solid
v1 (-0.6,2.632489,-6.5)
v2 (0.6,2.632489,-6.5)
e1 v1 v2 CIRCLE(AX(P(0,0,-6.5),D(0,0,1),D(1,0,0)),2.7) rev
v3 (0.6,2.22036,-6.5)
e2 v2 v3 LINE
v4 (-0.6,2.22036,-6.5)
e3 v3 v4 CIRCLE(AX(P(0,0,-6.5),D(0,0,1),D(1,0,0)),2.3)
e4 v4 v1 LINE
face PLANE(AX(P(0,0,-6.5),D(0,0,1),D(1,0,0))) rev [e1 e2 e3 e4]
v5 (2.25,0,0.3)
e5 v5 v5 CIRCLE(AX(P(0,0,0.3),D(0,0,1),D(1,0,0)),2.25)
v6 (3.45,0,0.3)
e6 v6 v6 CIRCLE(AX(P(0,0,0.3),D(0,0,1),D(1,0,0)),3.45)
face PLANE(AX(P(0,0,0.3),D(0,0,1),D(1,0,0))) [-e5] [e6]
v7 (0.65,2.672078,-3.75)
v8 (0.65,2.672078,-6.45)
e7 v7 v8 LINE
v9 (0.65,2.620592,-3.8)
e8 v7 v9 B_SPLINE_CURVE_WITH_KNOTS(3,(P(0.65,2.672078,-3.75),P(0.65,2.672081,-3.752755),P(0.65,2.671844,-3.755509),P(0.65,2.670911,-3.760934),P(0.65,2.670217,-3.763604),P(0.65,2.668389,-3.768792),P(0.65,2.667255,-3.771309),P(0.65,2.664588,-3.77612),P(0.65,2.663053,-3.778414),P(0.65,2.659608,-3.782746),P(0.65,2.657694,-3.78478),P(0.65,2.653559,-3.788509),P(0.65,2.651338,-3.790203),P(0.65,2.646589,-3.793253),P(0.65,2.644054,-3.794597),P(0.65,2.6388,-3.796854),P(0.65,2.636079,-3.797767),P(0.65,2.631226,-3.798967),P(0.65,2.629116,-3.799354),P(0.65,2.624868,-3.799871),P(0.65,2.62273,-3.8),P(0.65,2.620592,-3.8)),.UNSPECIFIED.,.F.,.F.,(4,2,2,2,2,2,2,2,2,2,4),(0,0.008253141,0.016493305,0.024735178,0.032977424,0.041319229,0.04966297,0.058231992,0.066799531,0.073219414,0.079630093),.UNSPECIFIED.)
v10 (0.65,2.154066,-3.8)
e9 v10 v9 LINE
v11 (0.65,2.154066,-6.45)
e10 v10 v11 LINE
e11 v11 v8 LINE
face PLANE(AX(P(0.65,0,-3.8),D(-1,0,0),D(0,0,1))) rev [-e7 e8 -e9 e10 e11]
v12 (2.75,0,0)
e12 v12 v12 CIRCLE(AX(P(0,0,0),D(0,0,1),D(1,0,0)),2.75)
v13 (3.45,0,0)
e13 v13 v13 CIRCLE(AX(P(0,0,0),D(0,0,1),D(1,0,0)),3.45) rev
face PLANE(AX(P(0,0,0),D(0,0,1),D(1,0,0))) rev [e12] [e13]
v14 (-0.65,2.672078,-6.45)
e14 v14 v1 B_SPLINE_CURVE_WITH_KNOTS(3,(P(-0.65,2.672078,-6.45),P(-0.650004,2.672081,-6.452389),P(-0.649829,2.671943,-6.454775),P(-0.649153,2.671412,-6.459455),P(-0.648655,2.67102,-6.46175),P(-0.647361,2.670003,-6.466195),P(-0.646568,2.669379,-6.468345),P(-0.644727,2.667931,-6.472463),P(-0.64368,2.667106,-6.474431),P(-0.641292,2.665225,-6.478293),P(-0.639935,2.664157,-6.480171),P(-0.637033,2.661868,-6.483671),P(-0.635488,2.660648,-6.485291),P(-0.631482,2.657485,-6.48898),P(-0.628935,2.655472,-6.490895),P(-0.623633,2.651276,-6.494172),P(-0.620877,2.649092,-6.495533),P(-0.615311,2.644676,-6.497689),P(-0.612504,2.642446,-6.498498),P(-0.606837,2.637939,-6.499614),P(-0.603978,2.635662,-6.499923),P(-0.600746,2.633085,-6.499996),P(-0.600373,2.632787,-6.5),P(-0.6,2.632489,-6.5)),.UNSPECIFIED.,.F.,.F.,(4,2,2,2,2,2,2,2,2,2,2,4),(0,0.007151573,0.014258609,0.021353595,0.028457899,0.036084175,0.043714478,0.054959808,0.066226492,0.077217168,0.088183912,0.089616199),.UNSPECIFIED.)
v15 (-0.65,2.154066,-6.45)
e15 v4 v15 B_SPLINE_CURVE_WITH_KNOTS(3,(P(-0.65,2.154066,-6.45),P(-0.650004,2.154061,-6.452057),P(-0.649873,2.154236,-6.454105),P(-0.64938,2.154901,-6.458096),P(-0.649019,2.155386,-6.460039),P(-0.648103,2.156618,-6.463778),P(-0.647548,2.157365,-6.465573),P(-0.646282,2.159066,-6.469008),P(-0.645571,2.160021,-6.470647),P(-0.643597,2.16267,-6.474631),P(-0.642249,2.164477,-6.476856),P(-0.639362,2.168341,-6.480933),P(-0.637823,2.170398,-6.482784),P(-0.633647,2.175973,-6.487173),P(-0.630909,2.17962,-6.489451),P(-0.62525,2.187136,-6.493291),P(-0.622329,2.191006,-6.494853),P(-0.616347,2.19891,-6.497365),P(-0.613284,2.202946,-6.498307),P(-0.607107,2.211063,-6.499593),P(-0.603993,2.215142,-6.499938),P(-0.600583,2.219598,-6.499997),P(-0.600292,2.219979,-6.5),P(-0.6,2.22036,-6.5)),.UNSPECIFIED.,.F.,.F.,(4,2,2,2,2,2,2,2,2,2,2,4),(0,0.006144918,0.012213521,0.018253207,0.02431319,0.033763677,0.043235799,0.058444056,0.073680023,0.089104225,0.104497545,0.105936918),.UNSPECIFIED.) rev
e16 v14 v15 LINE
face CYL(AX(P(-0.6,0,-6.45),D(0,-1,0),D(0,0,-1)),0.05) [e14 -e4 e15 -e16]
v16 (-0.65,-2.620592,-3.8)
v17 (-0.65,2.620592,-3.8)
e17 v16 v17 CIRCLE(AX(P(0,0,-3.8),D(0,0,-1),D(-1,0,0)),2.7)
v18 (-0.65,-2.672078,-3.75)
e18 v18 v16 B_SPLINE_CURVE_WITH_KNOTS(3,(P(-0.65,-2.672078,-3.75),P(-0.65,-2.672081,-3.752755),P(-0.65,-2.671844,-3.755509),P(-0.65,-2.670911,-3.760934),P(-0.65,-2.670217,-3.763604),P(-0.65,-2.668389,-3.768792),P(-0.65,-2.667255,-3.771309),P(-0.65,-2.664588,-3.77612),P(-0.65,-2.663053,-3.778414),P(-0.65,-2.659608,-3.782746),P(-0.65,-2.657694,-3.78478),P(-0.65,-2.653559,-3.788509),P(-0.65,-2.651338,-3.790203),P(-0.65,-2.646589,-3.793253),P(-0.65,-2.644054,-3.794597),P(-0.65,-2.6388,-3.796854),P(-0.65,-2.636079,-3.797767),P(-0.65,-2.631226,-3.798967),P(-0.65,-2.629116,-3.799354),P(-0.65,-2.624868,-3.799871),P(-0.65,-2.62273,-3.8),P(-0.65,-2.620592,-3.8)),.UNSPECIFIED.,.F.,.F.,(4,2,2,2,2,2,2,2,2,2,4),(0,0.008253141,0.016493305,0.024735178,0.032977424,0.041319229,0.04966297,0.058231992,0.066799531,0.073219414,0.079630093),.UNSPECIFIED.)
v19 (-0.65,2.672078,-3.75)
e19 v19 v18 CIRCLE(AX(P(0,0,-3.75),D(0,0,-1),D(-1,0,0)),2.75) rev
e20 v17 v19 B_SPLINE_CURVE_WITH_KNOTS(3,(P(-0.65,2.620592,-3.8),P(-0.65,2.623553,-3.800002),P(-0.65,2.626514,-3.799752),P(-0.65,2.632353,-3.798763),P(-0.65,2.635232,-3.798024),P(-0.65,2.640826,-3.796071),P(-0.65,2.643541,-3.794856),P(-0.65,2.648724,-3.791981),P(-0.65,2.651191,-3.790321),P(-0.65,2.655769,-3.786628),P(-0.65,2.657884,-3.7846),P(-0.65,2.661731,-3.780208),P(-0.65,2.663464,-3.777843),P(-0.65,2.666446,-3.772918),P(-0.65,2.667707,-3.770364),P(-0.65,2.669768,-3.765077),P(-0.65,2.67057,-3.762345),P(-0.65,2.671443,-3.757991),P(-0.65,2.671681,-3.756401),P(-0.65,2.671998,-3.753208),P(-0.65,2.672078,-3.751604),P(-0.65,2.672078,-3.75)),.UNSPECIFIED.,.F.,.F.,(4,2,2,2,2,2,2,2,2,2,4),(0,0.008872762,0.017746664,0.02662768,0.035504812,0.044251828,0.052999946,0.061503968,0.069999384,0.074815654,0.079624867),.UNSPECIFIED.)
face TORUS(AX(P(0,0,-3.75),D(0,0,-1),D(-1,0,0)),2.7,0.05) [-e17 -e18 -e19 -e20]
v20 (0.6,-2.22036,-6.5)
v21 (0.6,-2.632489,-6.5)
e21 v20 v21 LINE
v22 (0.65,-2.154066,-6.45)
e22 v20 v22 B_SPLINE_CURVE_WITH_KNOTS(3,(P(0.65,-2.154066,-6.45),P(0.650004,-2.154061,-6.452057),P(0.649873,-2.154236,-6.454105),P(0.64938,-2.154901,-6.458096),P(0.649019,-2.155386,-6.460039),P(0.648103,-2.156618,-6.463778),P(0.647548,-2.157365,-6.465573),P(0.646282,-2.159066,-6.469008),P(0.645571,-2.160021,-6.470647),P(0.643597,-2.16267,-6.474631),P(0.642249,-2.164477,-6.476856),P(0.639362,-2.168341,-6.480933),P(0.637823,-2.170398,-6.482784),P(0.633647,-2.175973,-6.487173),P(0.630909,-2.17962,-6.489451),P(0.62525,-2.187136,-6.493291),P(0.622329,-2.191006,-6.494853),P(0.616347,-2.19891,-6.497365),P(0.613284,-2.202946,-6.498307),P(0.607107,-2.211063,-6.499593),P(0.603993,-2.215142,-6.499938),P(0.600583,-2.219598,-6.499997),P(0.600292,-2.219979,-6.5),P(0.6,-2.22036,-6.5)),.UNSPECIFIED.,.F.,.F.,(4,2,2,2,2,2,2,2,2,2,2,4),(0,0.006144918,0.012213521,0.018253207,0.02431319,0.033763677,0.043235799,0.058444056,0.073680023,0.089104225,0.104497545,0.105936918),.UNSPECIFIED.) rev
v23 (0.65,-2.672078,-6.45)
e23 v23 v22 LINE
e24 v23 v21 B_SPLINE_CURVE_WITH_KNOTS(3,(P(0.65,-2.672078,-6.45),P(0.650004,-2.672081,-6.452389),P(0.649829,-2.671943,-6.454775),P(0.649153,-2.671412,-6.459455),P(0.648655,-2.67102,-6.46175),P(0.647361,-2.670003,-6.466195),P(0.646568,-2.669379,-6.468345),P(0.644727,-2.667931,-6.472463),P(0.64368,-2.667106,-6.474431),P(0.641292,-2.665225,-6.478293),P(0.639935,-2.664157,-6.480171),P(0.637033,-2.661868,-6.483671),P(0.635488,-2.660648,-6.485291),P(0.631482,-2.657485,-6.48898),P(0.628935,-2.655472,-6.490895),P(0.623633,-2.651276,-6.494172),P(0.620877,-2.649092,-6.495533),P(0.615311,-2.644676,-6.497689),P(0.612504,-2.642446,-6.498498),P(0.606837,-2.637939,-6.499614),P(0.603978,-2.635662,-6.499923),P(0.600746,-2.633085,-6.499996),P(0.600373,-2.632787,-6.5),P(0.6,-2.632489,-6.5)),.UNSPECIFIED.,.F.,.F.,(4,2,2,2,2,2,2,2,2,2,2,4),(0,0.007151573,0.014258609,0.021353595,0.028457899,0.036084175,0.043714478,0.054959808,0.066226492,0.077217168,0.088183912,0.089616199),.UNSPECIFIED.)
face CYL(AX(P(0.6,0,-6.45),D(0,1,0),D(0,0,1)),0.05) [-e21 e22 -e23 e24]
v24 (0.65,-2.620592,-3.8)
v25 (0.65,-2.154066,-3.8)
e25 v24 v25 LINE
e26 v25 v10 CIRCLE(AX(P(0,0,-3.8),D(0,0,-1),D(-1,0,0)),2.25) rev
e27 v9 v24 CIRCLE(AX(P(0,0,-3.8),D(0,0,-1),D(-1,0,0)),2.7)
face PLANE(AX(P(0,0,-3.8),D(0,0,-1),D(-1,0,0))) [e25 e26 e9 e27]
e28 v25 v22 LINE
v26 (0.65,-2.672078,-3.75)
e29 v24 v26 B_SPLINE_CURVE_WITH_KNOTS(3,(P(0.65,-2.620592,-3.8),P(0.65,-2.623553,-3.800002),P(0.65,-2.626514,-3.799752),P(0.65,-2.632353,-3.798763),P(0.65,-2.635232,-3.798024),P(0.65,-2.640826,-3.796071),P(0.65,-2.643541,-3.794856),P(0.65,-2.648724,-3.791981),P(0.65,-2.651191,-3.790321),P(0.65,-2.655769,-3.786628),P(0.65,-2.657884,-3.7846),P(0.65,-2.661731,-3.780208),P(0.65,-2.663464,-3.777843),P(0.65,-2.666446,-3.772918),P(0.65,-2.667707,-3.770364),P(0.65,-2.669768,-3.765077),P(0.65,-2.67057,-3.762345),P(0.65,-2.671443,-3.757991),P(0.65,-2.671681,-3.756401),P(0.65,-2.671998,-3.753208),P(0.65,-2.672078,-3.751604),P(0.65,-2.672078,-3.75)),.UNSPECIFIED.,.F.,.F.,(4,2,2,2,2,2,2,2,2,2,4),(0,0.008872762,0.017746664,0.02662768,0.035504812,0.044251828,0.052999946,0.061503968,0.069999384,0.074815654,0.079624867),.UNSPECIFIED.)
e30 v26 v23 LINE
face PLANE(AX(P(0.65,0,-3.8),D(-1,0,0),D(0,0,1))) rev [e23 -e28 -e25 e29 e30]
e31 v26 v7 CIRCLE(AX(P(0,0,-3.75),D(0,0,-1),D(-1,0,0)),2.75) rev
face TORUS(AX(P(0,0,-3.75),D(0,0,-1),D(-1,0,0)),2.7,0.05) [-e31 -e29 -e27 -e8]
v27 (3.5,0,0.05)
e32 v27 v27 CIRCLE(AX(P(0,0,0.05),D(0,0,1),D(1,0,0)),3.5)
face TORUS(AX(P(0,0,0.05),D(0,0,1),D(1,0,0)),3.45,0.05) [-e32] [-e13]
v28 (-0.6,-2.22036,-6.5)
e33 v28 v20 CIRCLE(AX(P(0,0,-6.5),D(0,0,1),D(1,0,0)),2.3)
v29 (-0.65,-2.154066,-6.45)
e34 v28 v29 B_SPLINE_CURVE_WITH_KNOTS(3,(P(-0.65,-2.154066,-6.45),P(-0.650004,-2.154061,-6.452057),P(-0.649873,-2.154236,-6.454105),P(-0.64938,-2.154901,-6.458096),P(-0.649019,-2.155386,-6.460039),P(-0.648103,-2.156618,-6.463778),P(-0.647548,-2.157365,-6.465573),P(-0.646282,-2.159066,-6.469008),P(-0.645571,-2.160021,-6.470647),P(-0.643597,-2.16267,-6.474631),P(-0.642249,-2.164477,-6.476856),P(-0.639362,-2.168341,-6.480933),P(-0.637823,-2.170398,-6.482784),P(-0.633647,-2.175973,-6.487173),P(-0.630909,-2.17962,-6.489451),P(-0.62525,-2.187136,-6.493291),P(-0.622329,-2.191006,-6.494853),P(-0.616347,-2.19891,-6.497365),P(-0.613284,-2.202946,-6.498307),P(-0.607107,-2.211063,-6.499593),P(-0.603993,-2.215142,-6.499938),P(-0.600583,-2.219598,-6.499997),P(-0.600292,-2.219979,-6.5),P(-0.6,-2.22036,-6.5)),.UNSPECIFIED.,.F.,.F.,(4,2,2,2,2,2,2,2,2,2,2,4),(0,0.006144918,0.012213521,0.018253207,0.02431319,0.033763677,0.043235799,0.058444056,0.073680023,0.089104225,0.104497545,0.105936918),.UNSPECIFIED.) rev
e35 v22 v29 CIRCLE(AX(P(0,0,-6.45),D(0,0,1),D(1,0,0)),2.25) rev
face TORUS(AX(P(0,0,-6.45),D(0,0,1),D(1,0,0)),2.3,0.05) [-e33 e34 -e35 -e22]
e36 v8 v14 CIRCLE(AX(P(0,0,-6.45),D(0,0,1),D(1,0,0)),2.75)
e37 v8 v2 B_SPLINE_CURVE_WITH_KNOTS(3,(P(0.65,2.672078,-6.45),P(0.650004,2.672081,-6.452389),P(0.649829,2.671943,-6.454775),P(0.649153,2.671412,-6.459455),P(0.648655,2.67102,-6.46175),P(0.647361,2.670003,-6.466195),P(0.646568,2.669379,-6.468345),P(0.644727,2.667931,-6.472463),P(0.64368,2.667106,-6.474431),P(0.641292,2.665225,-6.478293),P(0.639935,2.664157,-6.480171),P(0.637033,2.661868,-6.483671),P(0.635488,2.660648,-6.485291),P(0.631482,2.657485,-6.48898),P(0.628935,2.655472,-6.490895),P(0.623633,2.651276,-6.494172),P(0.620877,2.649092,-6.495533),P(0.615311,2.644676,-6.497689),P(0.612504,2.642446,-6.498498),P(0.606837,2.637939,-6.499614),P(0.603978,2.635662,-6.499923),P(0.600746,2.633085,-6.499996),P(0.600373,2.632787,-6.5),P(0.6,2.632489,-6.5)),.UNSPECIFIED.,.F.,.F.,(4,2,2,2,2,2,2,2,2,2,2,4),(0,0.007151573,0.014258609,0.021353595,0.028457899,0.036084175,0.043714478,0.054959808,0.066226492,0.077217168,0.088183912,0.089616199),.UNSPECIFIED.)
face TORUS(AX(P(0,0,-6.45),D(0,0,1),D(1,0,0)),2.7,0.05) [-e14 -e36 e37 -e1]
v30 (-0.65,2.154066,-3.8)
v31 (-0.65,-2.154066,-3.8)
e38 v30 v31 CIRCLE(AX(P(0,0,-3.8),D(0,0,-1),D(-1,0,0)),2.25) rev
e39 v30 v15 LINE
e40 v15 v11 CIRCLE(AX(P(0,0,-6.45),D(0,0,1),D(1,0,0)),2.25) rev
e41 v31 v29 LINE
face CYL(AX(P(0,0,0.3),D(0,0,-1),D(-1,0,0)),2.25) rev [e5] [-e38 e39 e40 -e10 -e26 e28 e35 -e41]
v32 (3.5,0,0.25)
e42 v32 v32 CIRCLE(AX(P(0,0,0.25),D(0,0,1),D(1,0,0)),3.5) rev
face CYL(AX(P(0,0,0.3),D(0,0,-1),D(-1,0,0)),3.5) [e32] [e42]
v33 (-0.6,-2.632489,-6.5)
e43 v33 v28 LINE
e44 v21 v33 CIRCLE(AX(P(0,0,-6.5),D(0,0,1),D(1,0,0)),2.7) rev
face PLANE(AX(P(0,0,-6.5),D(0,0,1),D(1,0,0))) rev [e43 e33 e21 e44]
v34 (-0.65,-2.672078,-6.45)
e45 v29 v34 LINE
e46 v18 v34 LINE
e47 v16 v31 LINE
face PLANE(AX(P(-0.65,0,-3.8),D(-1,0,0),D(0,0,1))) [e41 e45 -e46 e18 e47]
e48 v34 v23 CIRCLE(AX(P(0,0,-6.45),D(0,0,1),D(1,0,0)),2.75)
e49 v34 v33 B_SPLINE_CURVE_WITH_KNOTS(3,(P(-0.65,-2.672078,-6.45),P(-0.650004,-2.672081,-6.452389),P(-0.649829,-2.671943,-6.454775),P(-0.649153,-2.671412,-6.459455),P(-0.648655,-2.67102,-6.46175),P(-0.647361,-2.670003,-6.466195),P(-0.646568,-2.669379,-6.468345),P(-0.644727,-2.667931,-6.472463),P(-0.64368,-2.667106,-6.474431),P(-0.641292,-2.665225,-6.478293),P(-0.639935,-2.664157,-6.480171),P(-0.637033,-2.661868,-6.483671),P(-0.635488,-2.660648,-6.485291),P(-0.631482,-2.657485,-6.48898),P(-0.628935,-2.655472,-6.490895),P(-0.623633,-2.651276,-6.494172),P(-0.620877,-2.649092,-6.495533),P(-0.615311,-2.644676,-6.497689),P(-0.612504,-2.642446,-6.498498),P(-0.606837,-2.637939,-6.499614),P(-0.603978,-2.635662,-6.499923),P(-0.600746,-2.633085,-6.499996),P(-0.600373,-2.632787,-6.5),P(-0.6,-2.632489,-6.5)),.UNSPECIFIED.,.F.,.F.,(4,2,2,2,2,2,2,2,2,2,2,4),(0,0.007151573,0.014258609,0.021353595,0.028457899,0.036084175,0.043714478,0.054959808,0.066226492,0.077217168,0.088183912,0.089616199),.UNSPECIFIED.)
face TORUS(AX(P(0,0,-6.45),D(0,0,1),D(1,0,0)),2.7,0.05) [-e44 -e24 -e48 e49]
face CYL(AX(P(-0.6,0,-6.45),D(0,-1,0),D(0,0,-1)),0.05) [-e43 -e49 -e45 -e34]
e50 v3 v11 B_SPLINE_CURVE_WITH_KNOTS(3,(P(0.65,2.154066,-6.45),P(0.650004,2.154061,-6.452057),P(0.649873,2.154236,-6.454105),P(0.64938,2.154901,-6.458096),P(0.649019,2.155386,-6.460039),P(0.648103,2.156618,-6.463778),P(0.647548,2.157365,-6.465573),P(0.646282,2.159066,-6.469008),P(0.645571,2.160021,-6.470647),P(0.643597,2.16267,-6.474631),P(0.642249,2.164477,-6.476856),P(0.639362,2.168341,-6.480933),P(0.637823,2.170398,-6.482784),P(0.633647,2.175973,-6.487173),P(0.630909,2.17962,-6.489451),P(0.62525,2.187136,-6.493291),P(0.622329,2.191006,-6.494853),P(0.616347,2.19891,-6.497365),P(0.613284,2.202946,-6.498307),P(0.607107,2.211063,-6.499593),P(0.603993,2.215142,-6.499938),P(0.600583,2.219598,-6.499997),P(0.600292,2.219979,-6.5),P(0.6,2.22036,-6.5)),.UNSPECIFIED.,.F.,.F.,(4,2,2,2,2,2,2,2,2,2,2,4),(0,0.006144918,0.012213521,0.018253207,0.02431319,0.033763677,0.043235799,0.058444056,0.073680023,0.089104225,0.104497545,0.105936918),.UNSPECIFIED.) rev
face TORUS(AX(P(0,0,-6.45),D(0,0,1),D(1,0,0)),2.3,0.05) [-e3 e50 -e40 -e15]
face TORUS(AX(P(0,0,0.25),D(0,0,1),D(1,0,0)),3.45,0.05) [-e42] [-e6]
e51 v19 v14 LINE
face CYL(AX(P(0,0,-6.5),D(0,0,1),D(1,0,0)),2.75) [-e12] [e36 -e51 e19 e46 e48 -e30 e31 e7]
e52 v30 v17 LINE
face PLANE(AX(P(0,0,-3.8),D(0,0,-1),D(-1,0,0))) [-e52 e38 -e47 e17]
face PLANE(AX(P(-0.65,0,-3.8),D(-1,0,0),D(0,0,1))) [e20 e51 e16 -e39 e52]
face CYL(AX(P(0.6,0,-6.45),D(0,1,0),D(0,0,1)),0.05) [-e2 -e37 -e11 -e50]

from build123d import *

# Parameters (mm, degrees)
SKETCH_1_R          = 3.5
SKETCH_1_R_2        = 2.75
SKETCH_1_R_3        = 2.25
EXTRUDE_1_DEPTH     = 0.3
SKETCH_1_4_R        = 2.75
SKETCH_1_4_R_2      = 2.25
EXTRUDE_2_DEPTH     = 6.5
CUT_EXTRUDE_1_DEPTH = 2.7
FILLET_1_R          = 0.05


with BuildPart() as part:
    # Sketch 1 → Extrude 1 (new body)
    with BuildSketch(Plane.XY):
        Circle(SKETCH_1_R)
        Circle(SKETCH_1_R_2, mode=Mode.SUBTRACT)
        Circle(SKETCH_1_R_2)
        Circle(SKETCH_1_R_3, mode=Mode.SUBTRACT)
    extrude(amount=EXTRUDE_1_DEPTH)

    # Sketch 1_4 → Extrude 2 (add)
    with BuildSketch(Plane.XY):
        Circle(SKETCH_1_4_R)
        Circle(SKETCH_1_4_R_2, mode=Mode.SUBTRACT)
    extrude(amount=-EXTRUDE_2_DEPTH)

    # Sketch 2 → Cut-Extrude 1 (cut)
    with BuildSketch(Plane(origin=(0, 0, -6.5), x_dir=(-1, 0, 0), z_dir=(0, 0, -1))):
        with BuildLine():
            ThreePointArc((-0.65, 2.672077843), (-2.75, 0), (-0.65, -2.672077843))
            Line((-0.65, -2.672077843), (-0.65, -2.154065923))
            ThreePointArc((-0.65, -2.154065923), (-2.25, 0), (-0.65, 2.154065923))
            Line((-0.65, 2.154065923), (-0.65, 2.672077843))
        make_face()
        with BuildLine():
            Line((0.65, -2.154065923), (0.65, -2.672077843))
            ThreePointArc((0.65, -2.672077843), (2.162174831, -1.699264547), (2.75, 0))
            ThreePointArc((2.75, 0), (2.162174831, 1.699264547), (0.65, 2.672077843))
            Line((0.65, 2.672077843), (0.65, 2.154065923))
            ThreePointArc((0.65, 2.154065923), (1.806239187, 1.341640786), (2.25, 0))
            ThreePointArc((2.25, 0), (1.806239187, -1.341640786), (0.65, -2.154065923))
        make_face()
    extrude(amount=-CUT_EXTRUDE_1_DEPTH, mode=Mode.SUBTRACT)

    # Fillet 1
    fillet_1_edges = [part.edges().sort_by_distance(p)[0] for p in [
        (2.162174831, -1.699264547, -3.8),
        (0.65, -2.413071883, -6.5),
        (0.65, 2.413071883, -6.5),
        (0, -2.75, -6.5),
        (0, -2.25, -6.5),
        (-0.65, -2.413071883, -6.5),
        (-0.65, 2.413071883, -6.5),
        (-2.75, 0, -3.8),
        (-3.5, 0, 0),
        (-3.5, 0, 0.3),
        (0, 2.75, -6.5),
        (0, 2.25, -6.5),
    ]]
    fillet(fillet_1_edges, radius=FILLET_1_R)


solid = part.part
